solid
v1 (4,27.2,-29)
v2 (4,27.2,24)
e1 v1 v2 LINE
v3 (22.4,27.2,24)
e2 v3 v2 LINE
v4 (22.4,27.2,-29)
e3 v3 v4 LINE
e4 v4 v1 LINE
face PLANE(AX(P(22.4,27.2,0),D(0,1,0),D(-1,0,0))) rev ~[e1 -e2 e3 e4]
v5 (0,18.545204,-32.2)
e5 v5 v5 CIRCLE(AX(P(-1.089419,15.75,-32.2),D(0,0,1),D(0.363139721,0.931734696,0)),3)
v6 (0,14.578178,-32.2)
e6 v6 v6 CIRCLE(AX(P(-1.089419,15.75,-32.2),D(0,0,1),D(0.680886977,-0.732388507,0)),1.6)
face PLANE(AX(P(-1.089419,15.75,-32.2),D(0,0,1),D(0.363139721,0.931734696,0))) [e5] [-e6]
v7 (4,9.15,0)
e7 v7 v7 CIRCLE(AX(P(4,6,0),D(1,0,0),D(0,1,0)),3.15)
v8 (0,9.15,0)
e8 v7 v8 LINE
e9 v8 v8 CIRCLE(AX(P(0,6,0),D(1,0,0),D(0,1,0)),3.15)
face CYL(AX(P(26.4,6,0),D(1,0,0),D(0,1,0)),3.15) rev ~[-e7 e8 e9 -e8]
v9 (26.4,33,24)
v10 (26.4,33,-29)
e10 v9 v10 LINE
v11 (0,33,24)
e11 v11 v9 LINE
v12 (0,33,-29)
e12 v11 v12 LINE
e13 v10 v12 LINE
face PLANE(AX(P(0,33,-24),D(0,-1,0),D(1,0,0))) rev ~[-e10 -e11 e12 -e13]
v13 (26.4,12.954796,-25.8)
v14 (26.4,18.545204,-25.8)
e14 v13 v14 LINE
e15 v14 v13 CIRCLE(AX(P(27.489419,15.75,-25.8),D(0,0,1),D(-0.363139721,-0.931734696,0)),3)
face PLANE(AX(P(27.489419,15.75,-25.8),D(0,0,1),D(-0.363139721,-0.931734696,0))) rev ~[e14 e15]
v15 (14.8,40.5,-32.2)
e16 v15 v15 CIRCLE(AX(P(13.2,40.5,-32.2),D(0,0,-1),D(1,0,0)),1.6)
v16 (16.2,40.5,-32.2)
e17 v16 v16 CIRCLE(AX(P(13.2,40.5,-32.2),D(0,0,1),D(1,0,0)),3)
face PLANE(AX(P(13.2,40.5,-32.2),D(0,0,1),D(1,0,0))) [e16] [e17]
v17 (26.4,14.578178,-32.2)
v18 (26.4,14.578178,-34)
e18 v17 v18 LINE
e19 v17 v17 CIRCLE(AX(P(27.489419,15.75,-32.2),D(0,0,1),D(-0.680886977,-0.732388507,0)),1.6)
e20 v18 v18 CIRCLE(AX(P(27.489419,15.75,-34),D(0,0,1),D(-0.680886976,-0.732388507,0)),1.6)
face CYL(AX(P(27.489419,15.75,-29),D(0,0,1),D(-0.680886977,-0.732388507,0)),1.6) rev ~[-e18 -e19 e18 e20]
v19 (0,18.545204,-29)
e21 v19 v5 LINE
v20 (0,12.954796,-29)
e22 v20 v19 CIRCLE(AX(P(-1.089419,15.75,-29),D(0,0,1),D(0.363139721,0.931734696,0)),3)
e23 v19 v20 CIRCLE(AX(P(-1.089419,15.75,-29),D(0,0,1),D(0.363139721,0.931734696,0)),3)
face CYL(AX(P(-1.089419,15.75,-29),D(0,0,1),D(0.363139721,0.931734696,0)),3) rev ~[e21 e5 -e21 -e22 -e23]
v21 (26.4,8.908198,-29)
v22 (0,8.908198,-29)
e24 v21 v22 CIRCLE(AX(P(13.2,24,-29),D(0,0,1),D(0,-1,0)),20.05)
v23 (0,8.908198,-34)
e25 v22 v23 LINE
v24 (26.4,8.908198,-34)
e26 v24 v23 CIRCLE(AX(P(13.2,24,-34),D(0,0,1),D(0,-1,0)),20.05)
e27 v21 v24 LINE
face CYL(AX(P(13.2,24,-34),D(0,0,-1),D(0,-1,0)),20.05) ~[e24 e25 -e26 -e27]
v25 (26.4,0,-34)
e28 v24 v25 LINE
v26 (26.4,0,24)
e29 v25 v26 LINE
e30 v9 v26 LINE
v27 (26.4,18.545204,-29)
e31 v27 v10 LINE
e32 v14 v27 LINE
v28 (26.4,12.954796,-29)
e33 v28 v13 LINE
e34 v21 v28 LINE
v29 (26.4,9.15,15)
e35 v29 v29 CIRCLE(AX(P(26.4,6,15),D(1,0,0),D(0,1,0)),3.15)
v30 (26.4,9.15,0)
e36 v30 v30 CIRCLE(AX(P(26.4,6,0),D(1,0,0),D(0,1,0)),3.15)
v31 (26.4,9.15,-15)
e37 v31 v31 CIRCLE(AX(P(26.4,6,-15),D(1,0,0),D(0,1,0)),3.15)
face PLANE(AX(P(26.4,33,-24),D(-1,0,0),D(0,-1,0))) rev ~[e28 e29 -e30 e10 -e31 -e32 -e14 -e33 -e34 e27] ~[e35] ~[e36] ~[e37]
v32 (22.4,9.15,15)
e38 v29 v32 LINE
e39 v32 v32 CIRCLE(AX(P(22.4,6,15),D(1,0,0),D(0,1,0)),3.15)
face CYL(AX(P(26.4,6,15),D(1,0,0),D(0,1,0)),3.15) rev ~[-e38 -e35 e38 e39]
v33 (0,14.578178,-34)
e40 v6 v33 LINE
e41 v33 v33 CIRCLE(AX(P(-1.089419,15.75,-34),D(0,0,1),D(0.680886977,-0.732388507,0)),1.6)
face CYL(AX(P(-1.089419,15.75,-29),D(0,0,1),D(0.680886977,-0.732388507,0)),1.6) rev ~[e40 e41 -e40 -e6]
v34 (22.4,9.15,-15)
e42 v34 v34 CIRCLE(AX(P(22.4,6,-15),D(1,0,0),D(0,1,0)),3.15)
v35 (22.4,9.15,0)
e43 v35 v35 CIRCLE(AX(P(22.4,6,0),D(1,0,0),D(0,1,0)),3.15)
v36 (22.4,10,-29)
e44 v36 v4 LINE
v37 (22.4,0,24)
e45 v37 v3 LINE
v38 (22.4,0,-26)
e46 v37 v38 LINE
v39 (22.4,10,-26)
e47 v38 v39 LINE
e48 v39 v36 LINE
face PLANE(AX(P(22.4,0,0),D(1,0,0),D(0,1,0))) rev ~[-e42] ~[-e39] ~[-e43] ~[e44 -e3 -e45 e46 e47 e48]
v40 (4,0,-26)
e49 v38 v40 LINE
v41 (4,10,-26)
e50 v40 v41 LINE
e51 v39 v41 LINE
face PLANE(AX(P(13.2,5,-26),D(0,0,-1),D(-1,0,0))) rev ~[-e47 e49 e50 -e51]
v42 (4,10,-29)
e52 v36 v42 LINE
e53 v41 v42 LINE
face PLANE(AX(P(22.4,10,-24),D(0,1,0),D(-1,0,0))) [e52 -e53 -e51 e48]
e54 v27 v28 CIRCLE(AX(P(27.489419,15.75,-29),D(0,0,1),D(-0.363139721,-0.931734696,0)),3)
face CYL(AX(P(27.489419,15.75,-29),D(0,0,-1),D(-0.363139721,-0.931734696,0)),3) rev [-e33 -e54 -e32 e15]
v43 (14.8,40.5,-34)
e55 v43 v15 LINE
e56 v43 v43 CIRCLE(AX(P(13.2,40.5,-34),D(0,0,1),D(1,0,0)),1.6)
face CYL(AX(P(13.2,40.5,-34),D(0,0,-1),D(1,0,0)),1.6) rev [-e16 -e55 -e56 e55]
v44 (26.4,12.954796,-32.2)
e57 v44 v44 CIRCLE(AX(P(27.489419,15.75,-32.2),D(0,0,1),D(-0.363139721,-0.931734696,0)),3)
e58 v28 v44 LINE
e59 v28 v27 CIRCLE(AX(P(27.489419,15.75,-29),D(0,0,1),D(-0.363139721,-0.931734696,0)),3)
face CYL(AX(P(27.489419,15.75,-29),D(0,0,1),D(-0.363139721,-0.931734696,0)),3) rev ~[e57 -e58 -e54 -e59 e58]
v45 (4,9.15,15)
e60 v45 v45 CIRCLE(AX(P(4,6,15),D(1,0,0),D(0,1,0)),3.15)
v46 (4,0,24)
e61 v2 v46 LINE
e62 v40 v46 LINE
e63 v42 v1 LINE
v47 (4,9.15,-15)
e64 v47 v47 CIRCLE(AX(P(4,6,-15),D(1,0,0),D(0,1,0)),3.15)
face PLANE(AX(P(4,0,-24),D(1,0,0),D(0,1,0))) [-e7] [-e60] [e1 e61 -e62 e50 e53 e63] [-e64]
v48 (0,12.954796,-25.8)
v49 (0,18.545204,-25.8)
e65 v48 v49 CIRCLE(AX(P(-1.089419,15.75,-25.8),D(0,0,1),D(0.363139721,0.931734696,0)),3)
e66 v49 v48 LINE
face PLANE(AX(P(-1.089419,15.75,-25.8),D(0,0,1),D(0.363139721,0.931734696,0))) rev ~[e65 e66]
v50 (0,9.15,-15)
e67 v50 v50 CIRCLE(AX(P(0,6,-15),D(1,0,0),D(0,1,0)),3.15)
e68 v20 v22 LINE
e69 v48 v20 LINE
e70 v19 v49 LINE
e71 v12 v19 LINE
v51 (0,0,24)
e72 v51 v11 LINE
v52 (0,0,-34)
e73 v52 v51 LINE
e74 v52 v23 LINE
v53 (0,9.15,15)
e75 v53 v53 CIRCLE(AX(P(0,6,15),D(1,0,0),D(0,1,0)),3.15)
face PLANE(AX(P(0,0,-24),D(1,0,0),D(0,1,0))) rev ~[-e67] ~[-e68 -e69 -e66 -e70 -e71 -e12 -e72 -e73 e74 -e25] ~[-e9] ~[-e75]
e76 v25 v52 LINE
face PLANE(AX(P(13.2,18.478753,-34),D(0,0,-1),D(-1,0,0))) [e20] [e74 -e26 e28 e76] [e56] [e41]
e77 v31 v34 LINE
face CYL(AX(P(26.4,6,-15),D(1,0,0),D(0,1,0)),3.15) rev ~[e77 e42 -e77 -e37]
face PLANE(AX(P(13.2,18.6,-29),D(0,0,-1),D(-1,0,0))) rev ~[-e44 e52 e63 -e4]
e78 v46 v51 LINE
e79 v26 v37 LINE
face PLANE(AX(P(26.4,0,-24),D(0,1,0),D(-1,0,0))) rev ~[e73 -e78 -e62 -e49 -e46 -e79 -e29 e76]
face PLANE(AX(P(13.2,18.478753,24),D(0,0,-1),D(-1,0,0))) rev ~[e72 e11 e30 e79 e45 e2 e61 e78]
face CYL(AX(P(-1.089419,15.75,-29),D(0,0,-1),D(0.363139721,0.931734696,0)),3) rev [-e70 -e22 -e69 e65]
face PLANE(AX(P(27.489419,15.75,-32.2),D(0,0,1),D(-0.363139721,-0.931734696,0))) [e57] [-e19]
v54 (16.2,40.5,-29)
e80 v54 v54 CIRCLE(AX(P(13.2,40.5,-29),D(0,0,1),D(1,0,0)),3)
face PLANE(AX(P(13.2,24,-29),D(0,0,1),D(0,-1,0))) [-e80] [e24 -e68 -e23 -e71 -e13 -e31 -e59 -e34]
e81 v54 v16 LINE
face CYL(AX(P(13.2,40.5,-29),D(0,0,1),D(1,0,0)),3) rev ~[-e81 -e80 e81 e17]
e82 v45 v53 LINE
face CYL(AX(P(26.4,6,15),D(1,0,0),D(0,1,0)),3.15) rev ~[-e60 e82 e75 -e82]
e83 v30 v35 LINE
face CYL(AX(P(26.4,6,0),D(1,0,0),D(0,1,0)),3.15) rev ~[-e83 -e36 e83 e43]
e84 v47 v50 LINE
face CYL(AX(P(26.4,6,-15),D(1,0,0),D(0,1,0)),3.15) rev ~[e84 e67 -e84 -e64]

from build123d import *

# Parameters (mm, degrees)
EXTRUDE_1_DEPTH          = 24
CUT_EXTRUDE_2_REACH      = 50.6
SKETCH_3_R               = 3.15
SKETCH_4_W               = 18.4
SKETCH_4_H               = 17.2
SKETCH_4_H_2             = 10
EXTRUDE_2_DEPTH          = 10
SKETCH_4_3_W             = 18.4
SKETCH_4_3_H             = 17.2
CUT_EXTRUDE_4_DEPTH      = 5
SKETCH_4_5_W             = 18.4
SKETCH_4_5_H             = 10
CUT_EXTRUDE_6_DEPTH      = 2
SKETCH_2_R               = 20.05
SKETCH_2_R_2             = 1.6
EXTRUDE_3_DEPTH          = 5
SKETCH_7_R               = 1.6
CUT_EXTRUDE_7_DEPTH      = 77.51774304
SKETCH_8_R               = 3
CUT_EXTRUDE_8_DEPTH      = 3.2
CUT_EXTRUDE_8_DEPTH_BACK = 3.2


with BuildPart() as part:
    # 草圖1 → 填料-伸長1 (new, symmetric)
    with BuildSketch(Plane.XY):
        Polygon((0, 0), (0, 33), (26.4, 33), (26.4, 0), (22.4, 0), (22.4, 27.2), (4, 27.2), (4, 0), align=None)
    extrude(amount=EXTRUDE_1_DEPTH, both=True)

    # 除料-伸長2: up to this face of the body (flat: up to its plane)
    cut_extrude_2_end = Plane(part.part.faces().sort_by_distance((0, 16.5, 0))[0])
    # 草圖3 → 除料-伸長2 (cut, up to the picked face)
    with BuildSketch(Plane(origin=(26.4, 0, 0), x_dir=(0, 0, -1), z_dir=(1, 0, 0)), mode=Mode.PRIVATE) as cut_extrude_2_sk1:
        with Locations(Location((0, 6, 0), (0, 0, 90))):
            Circle(SKETCH_3_R)
    cut_extrude_2_tool1 = split(extrude(cut_extrude_2_sk1.sketch, amount=-CUT_EXTRUDE_2_REACH, mode=Mode.PRIVATE), bisect_by=cut_extrude_2_end, keep=Keep.BOTH, mode=Mode.PRIVATE)
    # 草圖3 → 除料-伸長2 (cut, up to the picked face)
    with BuildSketch(Plane(origin=(26.4, 0, 0), x_dir=(0, 0, -1), z_dir=(1, 0, 0)), mode=Mode.PRIVATE) as cut_extrude_2_sk2:
        with Locations(Location((15, 6, 0), (0, 0, 90))):
            Circle(SKETCH_3_R)
    cut_extrude_2_tool2 = split(extrude(cut_extrude_2_sk2.sketch, amount=-CUT_EXTRUDE_2_REACH, mode=Mode.PRIVATE), bisect_by=cut_extrude_2_end, keep=Keep.BOTH, mode=Mode.PRIVATE)
    # 草圖3 → 除料-伸長2 (cut, up to the picked face)
    with BuildSketch(Plane(origin=(26.4, 0, 0), x_dir=(0, 0, -1), z_dir=(1, 0, 0)), mode=Mode.PRIVATE) as cut_extrude_2_sk3:
        with Locations(Location((-15, 6, 0), (0, 0, 90))):
            Circle(SKETCH_3_R)
    cut_extrude_2_tool3 = split(extrude(cut_extrude_2_sk3.sketch, amount=-CUT_EXTRUDE_2_REACH, mode=Mode.PRIVATE), bisect_by=cut_extrude_2_end, keep=Keep.BOTH, mode=Mode.PRIVATE)
    add(cut_extrude_2_tool1.solids().sort_by(Axis((26.4, 6, 0), (-1, 0, 0)))[0], mode=Mode.SUBTRACT)
    add(cut_extrude_2_tool2.solids().sort_by(Axis((26.4, 6, -15), (-1, 0, 0)))[0], mode=Mode.SUBTRACT)
    add(cut_extrude_2_tool3.solids().sort_by(Axis((26.4, 6, 15), (-1, 0, 0)))[0], mode=Mode.SUBTRACT)

    # 草圖4 → 填料-伸長2 (add)
    with BuildSketch(Plane(origin=(0, 0, -24), x_dir=(-1, 0, 0), z_dir=(0, 0, -1))):
        Polygon((-4, 27.2), (-4, 0), (0, 0), (0, 33), (-26.4, 33), (-26.4, 0), (-22.4, 0), (-22.4, 27.2), align=None)
        with Locations((-13.2, 18.6)):
            Rectangle(SKETCH_4_W, SKETCH_4_H)
        with Locations((-13.2, 5)):
            Rectangle(SKETCH_4_W, SKETCH_4_H_2)
    extrude(amount=EXTRUDE_2_DEPTH)

    # 草圖4<3> → 除料-伸長4 (cut)
    with BuildSketch(Plane(origin=(0, 0, -24), x_dir=(-1, 0, 0), z_dir=(0, 0, -1))):
        with Locations((-13.2, 18.6)):
            Rectangle(SKETCH_4_3_W, SKETCH_4_3_H)
    extrude(amount=CUT_EXTRUDE_4_DEPTH, mode=Mode.SUBTRACT)

    # 草圖4<5> → 除料-伸長6 (cut)
    with BuildSketch(Plane(origin=(0, 0, -24), x_dir=(-1, 0, 0), z_dir=(0, 0, -1))):
        with Locations((-13.2, 5)):
            Rectangle(SKETCH_4_5_W, SKETCH_4_5_H)
    extrude(amount=CUT_EXTRUDE_6_DEPTH, mode=Mode.SUBTRACT)

    # 草圖2 → 填料-伸長3 (add)
    with BuildSketch(Plane(origin=(60.4, 53.6, -34), x_dir=(0, -1, 0), z_dir=(0, 0, 1))):
        with Locations((29.6, -47.2)):
            Circle(SKETCH_2_R)
        with Locations(Location((13.1, -47.2, 0), (0, 0, 90))):
            Circle(SKETCH_2_R_2, mode=Mode.SUBTRACT)
        with Locations((37.85, -32.910580838)):
            Circle(SKETCH_2_R_2, mode=Mode.SUBTRACT)
        with Locations((37.85, -61.489419162)):
            Circle(SKETCH_2_R_2, mode=Mode.SUBTRACT)
    extrude(amount=EXTRUDE_3_DEPTH)

    # 草圖7 → 除料-伸長7 (cut, through all)
    with BuildSketch(Plane.XY.offset(-29)):
        with Locations(Location((27.489419162, 15.75, 0), (0, 0, 227.087006542))):
            Circle(SKETCH_7_R)
        with Locations(Location((-1.089419162, 15.75, 0), (0, 0, 312.912993458))):
            Circle(SKETCH_7_R)
    extrude(amount=-CUT_EXTRUDE_7_DEPTH, mode=Mode.SUBTRACT)

    # 草圖8 → 除料-伸長8 (cut, two sides)
    with BuildSketch(Plane.XY.offset(-29)) as cut_extrude_8_sk:
        with Locations(Location((-1.089419162, 15.75, 0), (0, 0, 68.706857297))):
            Circle(SKETCH_8_R)
        with Locations(Location((27.489419162, 15.75, 0), (0, 0, 248.706857297))):
            Circle(SKETCH_8_R)
        with Locations((13.2, 40.5)):
            Circle(SKETCH_8_R)
    extrude(amount=CUT_EXTRUDE_8_DEPTH, mode=Mode.SUBTRACT)
    extrude(cut_extrude_8_sk.sketch, amount=-CUT_EXTRUDE_8_DEPTH_BACK, mode=Mode.SUBTRACT)


solid = part.part
